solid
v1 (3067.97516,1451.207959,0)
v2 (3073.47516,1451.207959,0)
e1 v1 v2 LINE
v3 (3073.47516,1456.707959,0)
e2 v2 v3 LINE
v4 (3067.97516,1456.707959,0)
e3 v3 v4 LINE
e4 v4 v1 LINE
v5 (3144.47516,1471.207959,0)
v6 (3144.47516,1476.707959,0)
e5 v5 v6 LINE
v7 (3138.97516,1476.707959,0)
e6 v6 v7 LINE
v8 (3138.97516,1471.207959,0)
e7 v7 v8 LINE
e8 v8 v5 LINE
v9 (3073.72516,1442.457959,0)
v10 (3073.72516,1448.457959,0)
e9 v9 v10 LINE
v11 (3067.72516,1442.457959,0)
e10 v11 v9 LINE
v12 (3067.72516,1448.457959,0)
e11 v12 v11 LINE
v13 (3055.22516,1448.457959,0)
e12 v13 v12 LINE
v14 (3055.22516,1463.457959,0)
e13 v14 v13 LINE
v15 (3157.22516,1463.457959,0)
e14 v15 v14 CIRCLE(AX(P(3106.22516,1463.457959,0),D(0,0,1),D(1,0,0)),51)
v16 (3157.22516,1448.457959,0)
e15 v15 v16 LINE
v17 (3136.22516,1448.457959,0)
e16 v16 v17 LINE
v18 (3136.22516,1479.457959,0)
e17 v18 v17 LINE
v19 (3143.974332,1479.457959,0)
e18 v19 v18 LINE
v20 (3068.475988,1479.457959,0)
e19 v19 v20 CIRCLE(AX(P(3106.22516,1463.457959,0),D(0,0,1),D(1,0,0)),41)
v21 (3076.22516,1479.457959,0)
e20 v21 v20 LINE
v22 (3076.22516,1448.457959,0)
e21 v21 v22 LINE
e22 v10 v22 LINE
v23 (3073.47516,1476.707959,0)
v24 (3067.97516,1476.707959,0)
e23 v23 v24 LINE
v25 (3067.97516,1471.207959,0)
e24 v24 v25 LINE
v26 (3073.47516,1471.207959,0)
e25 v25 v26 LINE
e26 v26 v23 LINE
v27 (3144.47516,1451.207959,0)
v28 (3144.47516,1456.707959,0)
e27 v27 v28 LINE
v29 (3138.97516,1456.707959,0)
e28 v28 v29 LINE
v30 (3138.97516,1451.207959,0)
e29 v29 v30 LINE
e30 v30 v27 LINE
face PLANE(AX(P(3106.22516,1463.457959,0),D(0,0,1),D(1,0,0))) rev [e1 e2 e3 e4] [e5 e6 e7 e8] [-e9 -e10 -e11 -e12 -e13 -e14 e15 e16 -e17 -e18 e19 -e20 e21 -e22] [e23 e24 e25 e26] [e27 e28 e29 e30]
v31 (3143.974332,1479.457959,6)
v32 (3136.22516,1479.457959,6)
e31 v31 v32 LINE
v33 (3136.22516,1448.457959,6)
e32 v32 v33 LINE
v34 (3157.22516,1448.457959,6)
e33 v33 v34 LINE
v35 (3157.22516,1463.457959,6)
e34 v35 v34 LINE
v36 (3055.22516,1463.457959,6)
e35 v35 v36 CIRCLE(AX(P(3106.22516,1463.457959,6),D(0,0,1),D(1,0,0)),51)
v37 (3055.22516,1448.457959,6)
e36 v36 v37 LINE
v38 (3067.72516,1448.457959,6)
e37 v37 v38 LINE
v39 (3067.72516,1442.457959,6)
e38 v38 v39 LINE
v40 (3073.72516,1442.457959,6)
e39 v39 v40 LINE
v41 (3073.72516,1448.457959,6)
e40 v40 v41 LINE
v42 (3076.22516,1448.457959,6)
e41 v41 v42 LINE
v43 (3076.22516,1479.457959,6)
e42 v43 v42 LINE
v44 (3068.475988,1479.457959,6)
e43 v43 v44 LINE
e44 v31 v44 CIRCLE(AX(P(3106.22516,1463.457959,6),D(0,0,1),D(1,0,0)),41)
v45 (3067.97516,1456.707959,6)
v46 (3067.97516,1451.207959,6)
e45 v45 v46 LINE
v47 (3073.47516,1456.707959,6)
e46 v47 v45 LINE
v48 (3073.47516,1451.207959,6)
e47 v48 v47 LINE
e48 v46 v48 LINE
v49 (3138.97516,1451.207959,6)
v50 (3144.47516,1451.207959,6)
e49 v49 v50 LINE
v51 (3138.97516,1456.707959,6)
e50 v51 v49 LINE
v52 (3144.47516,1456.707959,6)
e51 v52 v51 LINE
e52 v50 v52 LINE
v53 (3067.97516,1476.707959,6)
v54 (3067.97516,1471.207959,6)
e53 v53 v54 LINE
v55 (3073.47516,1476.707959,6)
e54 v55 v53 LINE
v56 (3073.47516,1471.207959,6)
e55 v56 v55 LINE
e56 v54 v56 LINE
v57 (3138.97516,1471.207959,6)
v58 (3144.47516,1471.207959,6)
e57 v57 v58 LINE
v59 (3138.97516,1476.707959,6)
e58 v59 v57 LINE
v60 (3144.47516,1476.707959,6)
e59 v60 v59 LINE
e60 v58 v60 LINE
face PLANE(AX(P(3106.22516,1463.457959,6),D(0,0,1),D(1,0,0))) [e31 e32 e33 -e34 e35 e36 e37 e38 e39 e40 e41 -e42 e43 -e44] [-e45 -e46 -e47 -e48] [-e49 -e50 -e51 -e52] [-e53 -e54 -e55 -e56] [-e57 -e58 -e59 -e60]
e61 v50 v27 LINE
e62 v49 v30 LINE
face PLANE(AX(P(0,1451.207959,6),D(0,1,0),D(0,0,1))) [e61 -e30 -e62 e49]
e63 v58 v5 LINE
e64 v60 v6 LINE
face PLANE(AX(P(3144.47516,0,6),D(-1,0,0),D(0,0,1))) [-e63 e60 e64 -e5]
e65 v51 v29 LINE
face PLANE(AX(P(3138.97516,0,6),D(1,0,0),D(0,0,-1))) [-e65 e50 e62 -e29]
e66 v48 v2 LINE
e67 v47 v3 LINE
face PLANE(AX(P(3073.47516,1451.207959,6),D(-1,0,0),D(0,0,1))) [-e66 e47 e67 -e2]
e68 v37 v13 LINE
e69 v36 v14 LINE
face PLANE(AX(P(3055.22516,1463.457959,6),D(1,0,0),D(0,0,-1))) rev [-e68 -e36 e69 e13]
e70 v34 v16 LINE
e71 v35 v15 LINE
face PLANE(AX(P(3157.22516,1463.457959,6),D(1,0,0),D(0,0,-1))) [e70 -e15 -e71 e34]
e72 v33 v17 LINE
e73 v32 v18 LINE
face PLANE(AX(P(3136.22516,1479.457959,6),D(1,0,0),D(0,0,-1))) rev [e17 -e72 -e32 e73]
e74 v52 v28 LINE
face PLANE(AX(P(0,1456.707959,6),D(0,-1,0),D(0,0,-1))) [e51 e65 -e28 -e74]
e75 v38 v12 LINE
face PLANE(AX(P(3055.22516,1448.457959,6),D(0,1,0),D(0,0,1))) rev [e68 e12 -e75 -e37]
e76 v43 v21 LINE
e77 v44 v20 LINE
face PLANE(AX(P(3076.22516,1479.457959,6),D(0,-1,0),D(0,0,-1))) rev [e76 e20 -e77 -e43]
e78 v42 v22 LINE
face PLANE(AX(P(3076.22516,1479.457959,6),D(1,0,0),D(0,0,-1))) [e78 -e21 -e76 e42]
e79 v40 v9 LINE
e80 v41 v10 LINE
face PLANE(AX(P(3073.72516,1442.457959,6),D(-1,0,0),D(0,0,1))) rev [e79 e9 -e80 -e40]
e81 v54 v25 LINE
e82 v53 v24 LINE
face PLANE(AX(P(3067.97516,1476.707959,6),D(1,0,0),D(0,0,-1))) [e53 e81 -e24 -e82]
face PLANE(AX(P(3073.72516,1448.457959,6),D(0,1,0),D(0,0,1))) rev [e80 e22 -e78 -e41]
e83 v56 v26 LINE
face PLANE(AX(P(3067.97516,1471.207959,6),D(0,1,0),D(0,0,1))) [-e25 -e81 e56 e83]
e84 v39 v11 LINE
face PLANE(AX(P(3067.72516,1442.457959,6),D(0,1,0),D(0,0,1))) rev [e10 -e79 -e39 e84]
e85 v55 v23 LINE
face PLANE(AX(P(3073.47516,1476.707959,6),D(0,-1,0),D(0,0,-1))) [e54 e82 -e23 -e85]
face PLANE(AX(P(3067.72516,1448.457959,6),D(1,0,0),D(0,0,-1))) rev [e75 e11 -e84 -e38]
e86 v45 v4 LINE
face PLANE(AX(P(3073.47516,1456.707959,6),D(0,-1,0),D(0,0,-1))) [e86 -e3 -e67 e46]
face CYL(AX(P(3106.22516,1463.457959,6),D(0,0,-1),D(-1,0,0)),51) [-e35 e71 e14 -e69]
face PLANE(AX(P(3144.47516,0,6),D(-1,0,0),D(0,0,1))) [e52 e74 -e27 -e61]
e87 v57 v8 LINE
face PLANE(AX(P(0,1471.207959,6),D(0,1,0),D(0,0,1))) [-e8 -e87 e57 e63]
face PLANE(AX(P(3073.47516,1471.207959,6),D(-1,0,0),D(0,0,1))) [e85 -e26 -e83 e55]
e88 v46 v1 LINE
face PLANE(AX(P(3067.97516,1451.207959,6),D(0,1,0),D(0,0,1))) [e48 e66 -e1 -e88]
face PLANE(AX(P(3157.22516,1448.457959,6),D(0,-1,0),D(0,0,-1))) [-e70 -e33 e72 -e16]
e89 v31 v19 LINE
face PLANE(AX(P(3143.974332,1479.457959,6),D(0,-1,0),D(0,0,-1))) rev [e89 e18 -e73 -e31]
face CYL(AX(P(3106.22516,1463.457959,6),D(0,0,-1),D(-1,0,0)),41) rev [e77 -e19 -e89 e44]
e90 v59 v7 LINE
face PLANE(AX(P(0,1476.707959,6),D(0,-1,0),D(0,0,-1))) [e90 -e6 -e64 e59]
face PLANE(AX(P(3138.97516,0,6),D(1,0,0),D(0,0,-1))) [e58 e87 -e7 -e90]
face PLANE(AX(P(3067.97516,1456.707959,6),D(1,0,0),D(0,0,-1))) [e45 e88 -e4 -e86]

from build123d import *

# Parameters (mm, degrees)
MODEL_W             = 5.5
MODEL_H             = 5.5
BOSS_EXTRUDE1_DEPTH = 6


with BuildPart() as part:
    # Model → Boss-Extrude1 (new body)
    with BuildSketch(Plane.XY):
        with BuildLine():
            Line((3055.225160199, 1463.457958964), (3055.225160199, 1448.457958964))
            Line((3055.225160199, 1448.457958964), (3067.725160199, 1448.457958964))
            Line((3067.725160199, 1448.457958964), (3067.725160199, 1442.457958964))
            Line((3067.725160199, 1442.457958964), (3073.725160199, 1442.457958964))
            Line((3073.725160199, 1442.457958964), (3073.725160199, 1448.457958964))
            Line((3073.725160199, 1448.457958964), (3076.225160199, 1448.457958964))
            Line((3076.225160199, 1448.457958964), (3076.225160199, 1479.457958964))
            Line((3076.225160199, 1479.457958964), (3068.475988022, 1479.457958964))
            ThreePointArc((3068.475988022, 1479.457958964), (3106.225160199, 1504.457958964), (3143.974332375, 1479.457958964))
            Line((3143.974332375, 1479.457958964), (3136.225160199, 1479.457958964))
            Line((3136.225160199, 1479.457958964), (3136.225160199, 1448.457958964))
            Line((3136.225160199, 1448.457958964), (3147.225160199, 1448.457958964))
            Line((3147.225160199, 1448.457958964), (3157.225160199, 1448.457958964))
            Line((3157.225160199, 1448.457958964), (3157.225160199, 1463.457958964))
            ThreePointArc((3157.225160199, 1463.457958964), (3106.225160199, 1514.457958964), (3055.225160199, 1463.457958964))
        make_face()
        with Locations((3141.725160199, 1453.957958964)):
            Rectangle(MODEL_W, MODEL_H, mode=Mode.SUBTRACT)
        with Locations((3141.725160199, 1473.957958964)):
            Rectangle(MODEL_W, MODEL_H, mode=Mode.SUBTRACT)
        with Locations((3070.725160199, 1453.957958964)):
            Rectangle(MODEL_W, MODEL_H, mode=Mode.SUBTRACT)
        with Locations((3070.725160199, 1473.957958964)):
            Rectangle(MODEL_W, MODEL_H, mode=Mode.SUBTRACT)
    extrude(amount=BOSS_EXTRUDE1_DEPTH)


solid = part.part
